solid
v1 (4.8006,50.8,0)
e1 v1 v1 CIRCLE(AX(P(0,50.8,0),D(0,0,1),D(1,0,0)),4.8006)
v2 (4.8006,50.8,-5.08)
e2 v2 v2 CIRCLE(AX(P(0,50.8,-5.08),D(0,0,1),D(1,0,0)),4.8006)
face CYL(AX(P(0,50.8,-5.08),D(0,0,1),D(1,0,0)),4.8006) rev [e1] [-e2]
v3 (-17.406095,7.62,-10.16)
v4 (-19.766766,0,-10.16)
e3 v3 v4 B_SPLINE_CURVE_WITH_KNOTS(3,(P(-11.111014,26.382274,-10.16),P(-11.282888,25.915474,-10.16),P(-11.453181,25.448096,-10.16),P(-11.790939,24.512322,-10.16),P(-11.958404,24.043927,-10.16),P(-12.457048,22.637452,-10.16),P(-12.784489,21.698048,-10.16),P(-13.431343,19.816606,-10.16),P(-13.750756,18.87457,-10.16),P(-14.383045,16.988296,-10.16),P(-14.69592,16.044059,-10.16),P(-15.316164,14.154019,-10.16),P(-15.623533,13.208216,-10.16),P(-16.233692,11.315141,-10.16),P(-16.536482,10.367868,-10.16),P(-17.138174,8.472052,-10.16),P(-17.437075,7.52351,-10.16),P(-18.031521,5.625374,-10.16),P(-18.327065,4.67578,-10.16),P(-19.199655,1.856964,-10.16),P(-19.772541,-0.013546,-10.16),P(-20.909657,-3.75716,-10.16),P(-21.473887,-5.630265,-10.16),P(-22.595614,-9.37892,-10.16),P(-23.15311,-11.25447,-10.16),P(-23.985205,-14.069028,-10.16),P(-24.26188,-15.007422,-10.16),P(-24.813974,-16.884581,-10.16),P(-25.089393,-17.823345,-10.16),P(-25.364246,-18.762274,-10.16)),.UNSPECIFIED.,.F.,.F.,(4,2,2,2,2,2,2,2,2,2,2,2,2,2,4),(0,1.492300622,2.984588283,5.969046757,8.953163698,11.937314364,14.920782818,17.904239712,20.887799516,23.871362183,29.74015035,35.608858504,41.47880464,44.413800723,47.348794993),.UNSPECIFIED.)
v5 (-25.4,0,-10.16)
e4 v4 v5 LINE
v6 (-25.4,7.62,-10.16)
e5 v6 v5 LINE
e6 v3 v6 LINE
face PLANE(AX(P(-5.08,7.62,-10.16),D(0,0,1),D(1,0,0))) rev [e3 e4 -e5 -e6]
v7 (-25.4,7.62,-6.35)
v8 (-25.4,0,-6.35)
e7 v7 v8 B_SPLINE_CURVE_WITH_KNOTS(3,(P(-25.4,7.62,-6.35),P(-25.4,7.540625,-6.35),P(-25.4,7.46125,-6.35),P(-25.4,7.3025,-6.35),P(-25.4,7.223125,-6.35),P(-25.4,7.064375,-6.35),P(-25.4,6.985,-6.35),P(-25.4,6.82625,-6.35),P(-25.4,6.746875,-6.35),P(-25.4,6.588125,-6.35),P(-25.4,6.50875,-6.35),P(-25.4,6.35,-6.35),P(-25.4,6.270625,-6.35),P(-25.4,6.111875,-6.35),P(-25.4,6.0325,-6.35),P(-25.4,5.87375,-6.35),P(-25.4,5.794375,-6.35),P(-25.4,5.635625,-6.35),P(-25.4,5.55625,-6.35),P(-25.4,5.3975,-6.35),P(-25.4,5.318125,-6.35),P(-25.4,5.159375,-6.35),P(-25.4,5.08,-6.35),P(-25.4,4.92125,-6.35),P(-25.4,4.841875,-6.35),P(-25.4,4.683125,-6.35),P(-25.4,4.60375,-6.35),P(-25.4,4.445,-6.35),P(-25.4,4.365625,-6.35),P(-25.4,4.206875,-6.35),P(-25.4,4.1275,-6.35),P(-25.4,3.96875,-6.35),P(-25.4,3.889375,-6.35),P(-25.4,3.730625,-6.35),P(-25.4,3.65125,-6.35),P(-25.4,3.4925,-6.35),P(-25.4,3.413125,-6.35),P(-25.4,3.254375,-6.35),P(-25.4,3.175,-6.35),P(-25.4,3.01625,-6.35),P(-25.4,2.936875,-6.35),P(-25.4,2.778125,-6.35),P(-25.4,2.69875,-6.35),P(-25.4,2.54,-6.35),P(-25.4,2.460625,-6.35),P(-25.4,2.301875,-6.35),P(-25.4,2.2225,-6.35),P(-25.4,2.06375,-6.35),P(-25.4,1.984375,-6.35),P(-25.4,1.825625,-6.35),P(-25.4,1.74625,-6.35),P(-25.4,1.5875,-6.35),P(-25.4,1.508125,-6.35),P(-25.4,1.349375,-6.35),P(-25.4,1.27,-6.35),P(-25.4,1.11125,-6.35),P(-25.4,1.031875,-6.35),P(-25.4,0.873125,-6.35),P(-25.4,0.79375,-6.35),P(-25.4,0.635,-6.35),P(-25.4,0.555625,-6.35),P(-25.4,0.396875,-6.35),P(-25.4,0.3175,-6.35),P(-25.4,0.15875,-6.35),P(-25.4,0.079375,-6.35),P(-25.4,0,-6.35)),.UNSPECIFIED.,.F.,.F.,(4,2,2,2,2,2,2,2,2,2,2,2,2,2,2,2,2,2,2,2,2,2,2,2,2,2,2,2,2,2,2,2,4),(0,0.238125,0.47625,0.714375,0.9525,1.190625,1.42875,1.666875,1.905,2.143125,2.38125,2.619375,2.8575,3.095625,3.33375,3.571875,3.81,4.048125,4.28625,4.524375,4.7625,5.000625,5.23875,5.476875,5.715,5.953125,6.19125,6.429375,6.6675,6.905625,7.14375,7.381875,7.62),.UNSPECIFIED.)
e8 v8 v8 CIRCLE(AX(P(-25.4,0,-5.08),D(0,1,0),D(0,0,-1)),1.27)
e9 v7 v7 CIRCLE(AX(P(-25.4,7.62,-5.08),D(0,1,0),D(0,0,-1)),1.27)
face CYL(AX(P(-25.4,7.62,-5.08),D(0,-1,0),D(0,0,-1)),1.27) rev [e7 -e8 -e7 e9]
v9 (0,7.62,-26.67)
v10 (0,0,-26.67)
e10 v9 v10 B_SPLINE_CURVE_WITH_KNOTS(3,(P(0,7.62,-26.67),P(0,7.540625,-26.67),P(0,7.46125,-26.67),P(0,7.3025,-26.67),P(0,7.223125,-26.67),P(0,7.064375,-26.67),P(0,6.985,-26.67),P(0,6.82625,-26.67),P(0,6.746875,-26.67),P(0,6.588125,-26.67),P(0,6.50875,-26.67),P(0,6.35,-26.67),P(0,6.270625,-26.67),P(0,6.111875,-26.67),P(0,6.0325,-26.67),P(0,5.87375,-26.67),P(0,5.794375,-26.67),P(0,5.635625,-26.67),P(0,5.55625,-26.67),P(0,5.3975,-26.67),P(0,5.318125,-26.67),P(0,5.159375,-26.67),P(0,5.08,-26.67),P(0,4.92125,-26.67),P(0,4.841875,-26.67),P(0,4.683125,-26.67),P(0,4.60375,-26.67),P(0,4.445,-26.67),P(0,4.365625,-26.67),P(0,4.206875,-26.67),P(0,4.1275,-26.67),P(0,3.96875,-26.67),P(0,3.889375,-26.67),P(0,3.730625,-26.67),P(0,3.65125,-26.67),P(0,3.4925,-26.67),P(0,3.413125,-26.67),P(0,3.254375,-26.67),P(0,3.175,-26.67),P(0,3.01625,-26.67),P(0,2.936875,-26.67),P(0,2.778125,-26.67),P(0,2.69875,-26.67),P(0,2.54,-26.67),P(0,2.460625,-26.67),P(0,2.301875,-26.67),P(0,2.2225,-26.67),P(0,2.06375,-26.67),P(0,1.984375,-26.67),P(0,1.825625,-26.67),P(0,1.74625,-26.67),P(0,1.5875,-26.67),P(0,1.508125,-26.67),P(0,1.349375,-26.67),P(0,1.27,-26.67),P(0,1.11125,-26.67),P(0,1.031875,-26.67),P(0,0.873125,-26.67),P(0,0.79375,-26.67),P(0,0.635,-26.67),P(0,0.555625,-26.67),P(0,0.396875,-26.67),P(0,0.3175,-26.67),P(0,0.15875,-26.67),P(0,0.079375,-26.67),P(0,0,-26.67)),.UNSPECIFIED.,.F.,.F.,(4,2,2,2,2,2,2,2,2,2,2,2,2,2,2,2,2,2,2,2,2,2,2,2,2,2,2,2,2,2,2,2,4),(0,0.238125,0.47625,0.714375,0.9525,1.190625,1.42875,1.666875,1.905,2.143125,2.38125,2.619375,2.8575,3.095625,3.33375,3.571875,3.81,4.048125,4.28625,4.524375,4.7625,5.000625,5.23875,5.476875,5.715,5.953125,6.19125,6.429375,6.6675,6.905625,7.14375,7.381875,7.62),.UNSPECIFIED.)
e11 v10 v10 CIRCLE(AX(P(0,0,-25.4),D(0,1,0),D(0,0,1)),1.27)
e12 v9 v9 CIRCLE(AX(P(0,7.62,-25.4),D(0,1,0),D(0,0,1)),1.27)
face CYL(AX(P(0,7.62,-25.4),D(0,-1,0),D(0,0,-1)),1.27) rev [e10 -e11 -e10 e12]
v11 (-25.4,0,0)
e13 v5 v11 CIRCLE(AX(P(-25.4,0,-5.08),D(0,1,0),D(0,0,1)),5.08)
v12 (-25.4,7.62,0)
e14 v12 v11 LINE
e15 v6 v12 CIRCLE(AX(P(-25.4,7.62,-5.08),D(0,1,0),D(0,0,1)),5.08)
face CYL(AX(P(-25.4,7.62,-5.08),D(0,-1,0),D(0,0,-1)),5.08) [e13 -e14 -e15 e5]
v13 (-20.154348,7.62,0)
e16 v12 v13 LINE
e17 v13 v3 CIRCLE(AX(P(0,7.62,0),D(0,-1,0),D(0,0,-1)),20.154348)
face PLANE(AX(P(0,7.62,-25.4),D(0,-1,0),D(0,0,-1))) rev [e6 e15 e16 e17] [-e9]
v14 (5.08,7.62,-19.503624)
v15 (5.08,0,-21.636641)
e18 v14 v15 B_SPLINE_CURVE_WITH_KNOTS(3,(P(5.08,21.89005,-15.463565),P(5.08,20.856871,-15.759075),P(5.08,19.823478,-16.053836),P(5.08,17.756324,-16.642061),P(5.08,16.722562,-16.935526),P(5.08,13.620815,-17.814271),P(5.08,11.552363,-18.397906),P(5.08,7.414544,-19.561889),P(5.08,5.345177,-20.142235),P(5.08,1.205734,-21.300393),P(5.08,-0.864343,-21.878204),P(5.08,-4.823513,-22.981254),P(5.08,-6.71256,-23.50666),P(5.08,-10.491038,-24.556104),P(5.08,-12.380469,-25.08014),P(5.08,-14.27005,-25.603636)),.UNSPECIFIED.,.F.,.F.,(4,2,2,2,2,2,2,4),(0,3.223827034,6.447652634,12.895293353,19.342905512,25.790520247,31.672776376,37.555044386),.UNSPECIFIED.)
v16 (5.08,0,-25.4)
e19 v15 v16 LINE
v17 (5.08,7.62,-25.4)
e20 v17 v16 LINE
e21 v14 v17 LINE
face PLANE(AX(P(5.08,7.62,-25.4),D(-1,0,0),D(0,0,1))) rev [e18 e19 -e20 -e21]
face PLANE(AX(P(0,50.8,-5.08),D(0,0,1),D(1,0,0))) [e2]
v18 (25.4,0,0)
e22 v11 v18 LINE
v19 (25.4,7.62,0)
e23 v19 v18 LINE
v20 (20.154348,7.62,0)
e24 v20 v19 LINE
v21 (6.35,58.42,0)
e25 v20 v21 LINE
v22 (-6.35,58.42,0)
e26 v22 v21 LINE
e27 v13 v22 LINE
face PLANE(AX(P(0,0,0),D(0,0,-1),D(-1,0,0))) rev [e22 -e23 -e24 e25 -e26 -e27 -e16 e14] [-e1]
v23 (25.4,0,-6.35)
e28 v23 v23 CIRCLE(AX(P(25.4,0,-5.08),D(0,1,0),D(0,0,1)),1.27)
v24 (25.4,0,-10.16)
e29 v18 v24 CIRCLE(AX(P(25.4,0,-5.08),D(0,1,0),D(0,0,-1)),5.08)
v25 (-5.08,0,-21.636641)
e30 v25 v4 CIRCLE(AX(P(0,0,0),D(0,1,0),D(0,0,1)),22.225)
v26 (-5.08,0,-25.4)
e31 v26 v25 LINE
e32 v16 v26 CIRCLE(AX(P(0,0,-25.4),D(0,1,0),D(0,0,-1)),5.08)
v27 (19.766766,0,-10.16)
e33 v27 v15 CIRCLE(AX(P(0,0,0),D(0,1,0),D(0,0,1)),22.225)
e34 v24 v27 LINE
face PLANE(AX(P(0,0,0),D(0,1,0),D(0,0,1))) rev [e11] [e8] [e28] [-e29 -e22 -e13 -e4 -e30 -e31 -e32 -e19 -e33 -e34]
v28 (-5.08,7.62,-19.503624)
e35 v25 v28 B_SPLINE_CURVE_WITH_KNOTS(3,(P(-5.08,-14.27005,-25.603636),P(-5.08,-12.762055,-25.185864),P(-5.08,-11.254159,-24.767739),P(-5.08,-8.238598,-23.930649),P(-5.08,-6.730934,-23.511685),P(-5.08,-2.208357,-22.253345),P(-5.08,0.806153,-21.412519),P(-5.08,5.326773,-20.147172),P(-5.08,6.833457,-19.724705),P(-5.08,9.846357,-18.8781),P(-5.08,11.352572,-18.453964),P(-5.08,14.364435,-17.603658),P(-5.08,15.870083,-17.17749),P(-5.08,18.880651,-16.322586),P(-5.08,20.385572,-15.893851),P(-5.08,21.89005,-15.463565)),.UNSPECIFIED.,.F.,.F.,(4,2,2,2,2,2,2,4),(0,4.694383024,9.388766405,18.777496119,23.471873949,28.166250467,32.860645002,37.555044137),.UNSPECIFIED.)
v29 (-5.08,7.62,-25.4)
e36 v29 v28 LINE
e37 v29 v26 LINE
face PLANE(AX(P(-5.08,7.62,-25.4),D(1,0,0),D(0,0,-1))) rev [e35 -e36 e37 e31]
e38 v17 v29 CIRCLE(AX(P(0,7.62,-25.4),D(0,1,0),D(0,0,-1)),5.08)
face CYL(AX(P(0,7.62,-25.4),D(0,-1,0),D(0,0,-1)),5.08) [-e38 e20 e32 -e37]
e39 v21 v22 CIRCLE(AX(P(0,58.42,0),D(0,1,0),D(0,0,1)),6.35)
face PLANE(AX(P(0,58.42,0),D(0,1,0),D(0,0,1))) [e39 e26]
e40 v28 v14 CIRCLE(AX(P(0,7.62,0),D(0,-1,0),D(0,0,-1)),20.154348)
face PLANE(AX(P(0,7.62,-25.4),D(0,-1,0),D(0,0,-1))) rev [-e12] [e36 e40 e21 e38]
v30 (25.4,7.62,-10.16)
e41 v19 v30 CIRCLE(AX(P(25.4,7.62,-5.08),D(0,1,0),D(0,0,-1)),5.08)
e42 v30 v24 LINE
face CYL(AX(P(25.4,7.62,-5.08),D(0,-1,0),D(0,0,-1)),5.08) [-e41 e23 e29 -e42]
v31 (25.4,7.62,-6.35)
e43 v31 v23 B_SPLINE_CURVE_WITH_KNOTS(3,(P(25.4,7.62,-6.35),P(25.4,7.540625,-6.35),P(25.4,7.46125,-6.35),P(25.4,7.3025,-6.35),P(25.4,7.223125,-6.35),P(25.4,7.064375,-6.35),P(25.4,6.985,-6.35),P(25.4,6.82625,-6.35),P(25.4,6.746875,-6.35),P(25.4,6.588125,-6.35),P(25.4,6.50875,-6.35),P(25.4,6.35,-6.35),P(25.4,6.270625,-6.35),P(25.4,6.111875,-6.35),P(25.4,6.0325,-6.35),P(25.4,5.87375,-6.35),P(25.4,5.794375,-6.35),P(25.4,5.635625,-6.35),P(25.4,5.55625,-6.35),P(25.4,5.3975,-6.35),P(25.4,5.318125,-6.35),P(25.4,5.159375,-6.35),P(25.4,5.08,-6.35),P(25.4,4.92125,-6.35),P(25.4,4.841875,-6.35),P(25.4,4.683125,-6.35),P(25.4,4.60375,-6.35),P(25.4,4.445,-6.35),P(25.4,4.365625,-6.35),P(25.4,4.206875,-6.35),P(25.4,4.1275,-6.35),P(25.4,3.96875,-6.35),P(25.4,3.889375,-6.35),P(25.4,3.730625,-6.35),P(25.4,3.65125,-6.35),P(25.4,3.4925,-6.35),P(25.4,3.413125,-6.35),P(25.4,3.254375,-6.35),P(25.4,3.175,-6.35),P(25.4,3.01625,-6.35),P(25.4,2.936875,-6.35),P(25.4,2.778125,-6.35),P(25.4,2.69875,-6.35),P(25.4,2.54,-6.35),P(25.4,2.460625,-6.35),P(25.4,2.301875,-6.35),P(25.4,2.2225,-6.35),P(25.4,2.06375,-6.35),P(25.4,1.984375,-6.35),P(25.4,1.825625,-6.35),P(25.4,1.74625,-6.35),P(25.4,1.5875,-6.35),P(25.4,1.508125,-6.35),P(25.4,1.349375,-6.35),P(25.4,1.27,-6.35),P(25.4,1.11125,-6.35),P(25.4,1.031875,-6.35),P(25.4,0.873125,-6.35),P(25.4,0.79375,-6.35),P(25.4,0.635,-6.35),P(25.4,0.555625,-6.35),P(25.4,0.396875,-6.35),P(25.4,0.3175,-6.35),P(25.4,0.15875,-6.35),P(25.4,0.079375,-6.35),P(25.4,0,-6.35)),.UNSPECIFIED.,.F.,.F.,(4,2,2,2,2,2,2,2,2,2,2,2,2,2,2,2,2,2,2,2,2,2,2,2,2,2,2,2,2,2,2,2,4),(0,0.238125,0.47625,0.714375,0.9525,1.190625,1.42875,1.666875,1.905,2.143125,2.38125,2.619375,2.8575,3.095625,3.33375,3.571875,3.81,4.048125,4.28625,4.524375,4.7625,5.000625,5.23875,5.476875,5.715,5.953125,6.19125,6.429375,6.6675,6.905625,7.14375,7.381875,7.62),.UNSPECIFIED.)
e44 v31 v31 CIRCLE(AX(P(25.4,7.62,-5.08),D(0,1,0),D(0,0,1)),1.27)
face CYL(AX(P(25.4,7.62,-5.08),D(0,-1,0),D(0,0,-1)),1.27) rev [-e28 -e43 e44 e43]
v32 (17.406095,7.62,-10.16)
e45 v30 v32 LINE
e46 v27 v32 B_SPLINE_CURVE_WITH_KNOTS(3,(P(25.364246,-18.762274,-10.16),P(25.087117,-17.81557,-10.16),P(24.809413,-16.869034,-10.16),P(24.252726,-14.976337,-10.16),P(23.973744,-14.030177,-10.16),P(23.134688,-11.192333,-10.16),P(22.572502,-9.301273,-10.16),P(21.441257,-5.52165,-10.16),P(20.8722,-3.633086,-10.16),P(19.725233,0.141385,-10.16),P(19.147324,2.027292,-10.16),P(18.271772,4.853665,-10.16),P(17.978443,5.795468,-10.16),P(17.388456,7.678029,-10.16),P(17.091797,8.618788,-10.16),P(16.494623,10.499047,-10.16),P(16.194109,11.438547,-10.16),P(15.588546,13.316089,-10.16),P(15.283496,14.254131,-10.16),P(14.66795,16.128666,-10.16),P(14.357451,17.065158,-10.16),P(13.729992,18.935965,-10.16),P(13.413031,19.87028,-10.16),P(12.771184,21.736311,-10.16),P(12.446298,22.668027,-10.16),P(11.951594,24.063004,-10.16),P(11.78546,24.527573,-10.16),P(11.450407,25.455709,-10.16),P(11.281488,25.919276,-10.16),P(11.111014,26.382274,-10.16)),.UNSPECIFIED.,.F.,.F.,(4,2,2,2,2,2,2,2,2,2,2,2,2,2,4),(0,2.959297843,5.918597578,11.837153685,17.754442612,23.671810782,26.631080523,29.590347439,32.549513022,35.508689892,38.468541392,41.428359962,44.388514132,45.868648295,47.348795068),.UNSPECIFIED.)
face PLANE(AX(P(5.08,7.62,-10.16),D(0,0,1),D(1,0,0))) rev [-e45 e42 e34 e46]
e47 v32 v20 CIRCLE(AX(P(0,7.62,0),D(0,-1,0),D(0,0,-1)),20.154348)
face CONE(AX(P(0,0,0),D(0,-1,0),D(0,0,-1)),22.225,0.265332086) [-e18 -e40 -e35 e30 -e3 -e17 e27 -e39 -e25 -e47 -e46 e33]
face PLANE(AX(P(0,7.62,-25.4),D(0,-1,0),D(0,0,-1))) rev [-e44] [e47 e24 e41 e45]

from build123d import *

# Parameters (mm, degrees)
SKETCH3_R           = 1.27
BOSS_EXTRUDE1_DEPTH = 7.62
SKETCH4_R           = 4.8006
CUT_EXTRUDE1_DEPTH  = 5.08


with BuildPart() as part:
    # Sketch1 → Loft1 section 0
    with BuildSketch(Plane(origin=(0, 0, 0), x_dir=(1, 0, 0), z_dir=(0, 1, 0))):
        with BuildLine():
            Line((-22.225, 0), (22.225, 0))
            ThreePointArc((22.225, 0), (0, 22.225), (-22.225, 0))
        make_face()
    # Sketch2 → Loft1 section 1
    with BuildSketch(Plane(origin=(0, 58.42, 0), x_dir=(1, 0, 0), z_dir=(0, 1, 0))):
        with BuildLine():
            Line((-6.35, 0), (6.35, 0))
            ThreePointArc((6.35, 0), (0, 6.35), (-6.35, 0))
        make_face()
    loft()

    # Sketch3 → Boss-Extrude1 (add)
    with BuildSketch(Plane(origin=(0, 0, 0), x_dir=(1, 0, 0), z_dir=(0, 1, 0))):
        with BuildLine():
            Line((5.08, 25.4), (5.08, 10.16))
            Line((5.08, 10.16), (25.4, 10.16))
            ThreePointArc((25.4, 10.16), (30.48, 5.08), (25.4, 0))
            Line((25.4, 0), (-25.4, 0))
            ThreePointArc((-25.4, 0), (-30.48, 5.08), (-25.4, 10.16))
            Line((-25.4, 10.16), (-5.08, 10.16))
            Line((-5.08, 10.16), (-5.08, 25.4))
            ThreePointArc((-5.08, 25.4), (0, 30.48), (5.08, 25.4))
        make_face()
        with Locations(Location((25.4, 5.08, 0), (0, 0, 90))):
            Circle(SKETCH3_R, mode=Mode.SUBTRACT)
        with Locations(Location((-25.4, 5.08, 0), (0, 0, 90))):
            Circle(SKETCH3_R, mode=Mode.SUBTRACT)
        with Locations(Location((0, 25.4, 0), (0, 0, 90))):
            Circle(SKETCH3_R, mode=Mode.SUBTRACT)
    extrude(amount=BOSS_EXTRUDE1_DEPTH)

    # Sketch4 → Cut-Extrude1 (cut)
    with BuildSketch(Plane.XY):
        with Locations((0, 50.8)):
            Circle(SKETCH4_R)
    extrude(amount=-CUT_EXTRUDE1_DEPTH, mode=Mode.SUBTRACT)


solid = part.part
